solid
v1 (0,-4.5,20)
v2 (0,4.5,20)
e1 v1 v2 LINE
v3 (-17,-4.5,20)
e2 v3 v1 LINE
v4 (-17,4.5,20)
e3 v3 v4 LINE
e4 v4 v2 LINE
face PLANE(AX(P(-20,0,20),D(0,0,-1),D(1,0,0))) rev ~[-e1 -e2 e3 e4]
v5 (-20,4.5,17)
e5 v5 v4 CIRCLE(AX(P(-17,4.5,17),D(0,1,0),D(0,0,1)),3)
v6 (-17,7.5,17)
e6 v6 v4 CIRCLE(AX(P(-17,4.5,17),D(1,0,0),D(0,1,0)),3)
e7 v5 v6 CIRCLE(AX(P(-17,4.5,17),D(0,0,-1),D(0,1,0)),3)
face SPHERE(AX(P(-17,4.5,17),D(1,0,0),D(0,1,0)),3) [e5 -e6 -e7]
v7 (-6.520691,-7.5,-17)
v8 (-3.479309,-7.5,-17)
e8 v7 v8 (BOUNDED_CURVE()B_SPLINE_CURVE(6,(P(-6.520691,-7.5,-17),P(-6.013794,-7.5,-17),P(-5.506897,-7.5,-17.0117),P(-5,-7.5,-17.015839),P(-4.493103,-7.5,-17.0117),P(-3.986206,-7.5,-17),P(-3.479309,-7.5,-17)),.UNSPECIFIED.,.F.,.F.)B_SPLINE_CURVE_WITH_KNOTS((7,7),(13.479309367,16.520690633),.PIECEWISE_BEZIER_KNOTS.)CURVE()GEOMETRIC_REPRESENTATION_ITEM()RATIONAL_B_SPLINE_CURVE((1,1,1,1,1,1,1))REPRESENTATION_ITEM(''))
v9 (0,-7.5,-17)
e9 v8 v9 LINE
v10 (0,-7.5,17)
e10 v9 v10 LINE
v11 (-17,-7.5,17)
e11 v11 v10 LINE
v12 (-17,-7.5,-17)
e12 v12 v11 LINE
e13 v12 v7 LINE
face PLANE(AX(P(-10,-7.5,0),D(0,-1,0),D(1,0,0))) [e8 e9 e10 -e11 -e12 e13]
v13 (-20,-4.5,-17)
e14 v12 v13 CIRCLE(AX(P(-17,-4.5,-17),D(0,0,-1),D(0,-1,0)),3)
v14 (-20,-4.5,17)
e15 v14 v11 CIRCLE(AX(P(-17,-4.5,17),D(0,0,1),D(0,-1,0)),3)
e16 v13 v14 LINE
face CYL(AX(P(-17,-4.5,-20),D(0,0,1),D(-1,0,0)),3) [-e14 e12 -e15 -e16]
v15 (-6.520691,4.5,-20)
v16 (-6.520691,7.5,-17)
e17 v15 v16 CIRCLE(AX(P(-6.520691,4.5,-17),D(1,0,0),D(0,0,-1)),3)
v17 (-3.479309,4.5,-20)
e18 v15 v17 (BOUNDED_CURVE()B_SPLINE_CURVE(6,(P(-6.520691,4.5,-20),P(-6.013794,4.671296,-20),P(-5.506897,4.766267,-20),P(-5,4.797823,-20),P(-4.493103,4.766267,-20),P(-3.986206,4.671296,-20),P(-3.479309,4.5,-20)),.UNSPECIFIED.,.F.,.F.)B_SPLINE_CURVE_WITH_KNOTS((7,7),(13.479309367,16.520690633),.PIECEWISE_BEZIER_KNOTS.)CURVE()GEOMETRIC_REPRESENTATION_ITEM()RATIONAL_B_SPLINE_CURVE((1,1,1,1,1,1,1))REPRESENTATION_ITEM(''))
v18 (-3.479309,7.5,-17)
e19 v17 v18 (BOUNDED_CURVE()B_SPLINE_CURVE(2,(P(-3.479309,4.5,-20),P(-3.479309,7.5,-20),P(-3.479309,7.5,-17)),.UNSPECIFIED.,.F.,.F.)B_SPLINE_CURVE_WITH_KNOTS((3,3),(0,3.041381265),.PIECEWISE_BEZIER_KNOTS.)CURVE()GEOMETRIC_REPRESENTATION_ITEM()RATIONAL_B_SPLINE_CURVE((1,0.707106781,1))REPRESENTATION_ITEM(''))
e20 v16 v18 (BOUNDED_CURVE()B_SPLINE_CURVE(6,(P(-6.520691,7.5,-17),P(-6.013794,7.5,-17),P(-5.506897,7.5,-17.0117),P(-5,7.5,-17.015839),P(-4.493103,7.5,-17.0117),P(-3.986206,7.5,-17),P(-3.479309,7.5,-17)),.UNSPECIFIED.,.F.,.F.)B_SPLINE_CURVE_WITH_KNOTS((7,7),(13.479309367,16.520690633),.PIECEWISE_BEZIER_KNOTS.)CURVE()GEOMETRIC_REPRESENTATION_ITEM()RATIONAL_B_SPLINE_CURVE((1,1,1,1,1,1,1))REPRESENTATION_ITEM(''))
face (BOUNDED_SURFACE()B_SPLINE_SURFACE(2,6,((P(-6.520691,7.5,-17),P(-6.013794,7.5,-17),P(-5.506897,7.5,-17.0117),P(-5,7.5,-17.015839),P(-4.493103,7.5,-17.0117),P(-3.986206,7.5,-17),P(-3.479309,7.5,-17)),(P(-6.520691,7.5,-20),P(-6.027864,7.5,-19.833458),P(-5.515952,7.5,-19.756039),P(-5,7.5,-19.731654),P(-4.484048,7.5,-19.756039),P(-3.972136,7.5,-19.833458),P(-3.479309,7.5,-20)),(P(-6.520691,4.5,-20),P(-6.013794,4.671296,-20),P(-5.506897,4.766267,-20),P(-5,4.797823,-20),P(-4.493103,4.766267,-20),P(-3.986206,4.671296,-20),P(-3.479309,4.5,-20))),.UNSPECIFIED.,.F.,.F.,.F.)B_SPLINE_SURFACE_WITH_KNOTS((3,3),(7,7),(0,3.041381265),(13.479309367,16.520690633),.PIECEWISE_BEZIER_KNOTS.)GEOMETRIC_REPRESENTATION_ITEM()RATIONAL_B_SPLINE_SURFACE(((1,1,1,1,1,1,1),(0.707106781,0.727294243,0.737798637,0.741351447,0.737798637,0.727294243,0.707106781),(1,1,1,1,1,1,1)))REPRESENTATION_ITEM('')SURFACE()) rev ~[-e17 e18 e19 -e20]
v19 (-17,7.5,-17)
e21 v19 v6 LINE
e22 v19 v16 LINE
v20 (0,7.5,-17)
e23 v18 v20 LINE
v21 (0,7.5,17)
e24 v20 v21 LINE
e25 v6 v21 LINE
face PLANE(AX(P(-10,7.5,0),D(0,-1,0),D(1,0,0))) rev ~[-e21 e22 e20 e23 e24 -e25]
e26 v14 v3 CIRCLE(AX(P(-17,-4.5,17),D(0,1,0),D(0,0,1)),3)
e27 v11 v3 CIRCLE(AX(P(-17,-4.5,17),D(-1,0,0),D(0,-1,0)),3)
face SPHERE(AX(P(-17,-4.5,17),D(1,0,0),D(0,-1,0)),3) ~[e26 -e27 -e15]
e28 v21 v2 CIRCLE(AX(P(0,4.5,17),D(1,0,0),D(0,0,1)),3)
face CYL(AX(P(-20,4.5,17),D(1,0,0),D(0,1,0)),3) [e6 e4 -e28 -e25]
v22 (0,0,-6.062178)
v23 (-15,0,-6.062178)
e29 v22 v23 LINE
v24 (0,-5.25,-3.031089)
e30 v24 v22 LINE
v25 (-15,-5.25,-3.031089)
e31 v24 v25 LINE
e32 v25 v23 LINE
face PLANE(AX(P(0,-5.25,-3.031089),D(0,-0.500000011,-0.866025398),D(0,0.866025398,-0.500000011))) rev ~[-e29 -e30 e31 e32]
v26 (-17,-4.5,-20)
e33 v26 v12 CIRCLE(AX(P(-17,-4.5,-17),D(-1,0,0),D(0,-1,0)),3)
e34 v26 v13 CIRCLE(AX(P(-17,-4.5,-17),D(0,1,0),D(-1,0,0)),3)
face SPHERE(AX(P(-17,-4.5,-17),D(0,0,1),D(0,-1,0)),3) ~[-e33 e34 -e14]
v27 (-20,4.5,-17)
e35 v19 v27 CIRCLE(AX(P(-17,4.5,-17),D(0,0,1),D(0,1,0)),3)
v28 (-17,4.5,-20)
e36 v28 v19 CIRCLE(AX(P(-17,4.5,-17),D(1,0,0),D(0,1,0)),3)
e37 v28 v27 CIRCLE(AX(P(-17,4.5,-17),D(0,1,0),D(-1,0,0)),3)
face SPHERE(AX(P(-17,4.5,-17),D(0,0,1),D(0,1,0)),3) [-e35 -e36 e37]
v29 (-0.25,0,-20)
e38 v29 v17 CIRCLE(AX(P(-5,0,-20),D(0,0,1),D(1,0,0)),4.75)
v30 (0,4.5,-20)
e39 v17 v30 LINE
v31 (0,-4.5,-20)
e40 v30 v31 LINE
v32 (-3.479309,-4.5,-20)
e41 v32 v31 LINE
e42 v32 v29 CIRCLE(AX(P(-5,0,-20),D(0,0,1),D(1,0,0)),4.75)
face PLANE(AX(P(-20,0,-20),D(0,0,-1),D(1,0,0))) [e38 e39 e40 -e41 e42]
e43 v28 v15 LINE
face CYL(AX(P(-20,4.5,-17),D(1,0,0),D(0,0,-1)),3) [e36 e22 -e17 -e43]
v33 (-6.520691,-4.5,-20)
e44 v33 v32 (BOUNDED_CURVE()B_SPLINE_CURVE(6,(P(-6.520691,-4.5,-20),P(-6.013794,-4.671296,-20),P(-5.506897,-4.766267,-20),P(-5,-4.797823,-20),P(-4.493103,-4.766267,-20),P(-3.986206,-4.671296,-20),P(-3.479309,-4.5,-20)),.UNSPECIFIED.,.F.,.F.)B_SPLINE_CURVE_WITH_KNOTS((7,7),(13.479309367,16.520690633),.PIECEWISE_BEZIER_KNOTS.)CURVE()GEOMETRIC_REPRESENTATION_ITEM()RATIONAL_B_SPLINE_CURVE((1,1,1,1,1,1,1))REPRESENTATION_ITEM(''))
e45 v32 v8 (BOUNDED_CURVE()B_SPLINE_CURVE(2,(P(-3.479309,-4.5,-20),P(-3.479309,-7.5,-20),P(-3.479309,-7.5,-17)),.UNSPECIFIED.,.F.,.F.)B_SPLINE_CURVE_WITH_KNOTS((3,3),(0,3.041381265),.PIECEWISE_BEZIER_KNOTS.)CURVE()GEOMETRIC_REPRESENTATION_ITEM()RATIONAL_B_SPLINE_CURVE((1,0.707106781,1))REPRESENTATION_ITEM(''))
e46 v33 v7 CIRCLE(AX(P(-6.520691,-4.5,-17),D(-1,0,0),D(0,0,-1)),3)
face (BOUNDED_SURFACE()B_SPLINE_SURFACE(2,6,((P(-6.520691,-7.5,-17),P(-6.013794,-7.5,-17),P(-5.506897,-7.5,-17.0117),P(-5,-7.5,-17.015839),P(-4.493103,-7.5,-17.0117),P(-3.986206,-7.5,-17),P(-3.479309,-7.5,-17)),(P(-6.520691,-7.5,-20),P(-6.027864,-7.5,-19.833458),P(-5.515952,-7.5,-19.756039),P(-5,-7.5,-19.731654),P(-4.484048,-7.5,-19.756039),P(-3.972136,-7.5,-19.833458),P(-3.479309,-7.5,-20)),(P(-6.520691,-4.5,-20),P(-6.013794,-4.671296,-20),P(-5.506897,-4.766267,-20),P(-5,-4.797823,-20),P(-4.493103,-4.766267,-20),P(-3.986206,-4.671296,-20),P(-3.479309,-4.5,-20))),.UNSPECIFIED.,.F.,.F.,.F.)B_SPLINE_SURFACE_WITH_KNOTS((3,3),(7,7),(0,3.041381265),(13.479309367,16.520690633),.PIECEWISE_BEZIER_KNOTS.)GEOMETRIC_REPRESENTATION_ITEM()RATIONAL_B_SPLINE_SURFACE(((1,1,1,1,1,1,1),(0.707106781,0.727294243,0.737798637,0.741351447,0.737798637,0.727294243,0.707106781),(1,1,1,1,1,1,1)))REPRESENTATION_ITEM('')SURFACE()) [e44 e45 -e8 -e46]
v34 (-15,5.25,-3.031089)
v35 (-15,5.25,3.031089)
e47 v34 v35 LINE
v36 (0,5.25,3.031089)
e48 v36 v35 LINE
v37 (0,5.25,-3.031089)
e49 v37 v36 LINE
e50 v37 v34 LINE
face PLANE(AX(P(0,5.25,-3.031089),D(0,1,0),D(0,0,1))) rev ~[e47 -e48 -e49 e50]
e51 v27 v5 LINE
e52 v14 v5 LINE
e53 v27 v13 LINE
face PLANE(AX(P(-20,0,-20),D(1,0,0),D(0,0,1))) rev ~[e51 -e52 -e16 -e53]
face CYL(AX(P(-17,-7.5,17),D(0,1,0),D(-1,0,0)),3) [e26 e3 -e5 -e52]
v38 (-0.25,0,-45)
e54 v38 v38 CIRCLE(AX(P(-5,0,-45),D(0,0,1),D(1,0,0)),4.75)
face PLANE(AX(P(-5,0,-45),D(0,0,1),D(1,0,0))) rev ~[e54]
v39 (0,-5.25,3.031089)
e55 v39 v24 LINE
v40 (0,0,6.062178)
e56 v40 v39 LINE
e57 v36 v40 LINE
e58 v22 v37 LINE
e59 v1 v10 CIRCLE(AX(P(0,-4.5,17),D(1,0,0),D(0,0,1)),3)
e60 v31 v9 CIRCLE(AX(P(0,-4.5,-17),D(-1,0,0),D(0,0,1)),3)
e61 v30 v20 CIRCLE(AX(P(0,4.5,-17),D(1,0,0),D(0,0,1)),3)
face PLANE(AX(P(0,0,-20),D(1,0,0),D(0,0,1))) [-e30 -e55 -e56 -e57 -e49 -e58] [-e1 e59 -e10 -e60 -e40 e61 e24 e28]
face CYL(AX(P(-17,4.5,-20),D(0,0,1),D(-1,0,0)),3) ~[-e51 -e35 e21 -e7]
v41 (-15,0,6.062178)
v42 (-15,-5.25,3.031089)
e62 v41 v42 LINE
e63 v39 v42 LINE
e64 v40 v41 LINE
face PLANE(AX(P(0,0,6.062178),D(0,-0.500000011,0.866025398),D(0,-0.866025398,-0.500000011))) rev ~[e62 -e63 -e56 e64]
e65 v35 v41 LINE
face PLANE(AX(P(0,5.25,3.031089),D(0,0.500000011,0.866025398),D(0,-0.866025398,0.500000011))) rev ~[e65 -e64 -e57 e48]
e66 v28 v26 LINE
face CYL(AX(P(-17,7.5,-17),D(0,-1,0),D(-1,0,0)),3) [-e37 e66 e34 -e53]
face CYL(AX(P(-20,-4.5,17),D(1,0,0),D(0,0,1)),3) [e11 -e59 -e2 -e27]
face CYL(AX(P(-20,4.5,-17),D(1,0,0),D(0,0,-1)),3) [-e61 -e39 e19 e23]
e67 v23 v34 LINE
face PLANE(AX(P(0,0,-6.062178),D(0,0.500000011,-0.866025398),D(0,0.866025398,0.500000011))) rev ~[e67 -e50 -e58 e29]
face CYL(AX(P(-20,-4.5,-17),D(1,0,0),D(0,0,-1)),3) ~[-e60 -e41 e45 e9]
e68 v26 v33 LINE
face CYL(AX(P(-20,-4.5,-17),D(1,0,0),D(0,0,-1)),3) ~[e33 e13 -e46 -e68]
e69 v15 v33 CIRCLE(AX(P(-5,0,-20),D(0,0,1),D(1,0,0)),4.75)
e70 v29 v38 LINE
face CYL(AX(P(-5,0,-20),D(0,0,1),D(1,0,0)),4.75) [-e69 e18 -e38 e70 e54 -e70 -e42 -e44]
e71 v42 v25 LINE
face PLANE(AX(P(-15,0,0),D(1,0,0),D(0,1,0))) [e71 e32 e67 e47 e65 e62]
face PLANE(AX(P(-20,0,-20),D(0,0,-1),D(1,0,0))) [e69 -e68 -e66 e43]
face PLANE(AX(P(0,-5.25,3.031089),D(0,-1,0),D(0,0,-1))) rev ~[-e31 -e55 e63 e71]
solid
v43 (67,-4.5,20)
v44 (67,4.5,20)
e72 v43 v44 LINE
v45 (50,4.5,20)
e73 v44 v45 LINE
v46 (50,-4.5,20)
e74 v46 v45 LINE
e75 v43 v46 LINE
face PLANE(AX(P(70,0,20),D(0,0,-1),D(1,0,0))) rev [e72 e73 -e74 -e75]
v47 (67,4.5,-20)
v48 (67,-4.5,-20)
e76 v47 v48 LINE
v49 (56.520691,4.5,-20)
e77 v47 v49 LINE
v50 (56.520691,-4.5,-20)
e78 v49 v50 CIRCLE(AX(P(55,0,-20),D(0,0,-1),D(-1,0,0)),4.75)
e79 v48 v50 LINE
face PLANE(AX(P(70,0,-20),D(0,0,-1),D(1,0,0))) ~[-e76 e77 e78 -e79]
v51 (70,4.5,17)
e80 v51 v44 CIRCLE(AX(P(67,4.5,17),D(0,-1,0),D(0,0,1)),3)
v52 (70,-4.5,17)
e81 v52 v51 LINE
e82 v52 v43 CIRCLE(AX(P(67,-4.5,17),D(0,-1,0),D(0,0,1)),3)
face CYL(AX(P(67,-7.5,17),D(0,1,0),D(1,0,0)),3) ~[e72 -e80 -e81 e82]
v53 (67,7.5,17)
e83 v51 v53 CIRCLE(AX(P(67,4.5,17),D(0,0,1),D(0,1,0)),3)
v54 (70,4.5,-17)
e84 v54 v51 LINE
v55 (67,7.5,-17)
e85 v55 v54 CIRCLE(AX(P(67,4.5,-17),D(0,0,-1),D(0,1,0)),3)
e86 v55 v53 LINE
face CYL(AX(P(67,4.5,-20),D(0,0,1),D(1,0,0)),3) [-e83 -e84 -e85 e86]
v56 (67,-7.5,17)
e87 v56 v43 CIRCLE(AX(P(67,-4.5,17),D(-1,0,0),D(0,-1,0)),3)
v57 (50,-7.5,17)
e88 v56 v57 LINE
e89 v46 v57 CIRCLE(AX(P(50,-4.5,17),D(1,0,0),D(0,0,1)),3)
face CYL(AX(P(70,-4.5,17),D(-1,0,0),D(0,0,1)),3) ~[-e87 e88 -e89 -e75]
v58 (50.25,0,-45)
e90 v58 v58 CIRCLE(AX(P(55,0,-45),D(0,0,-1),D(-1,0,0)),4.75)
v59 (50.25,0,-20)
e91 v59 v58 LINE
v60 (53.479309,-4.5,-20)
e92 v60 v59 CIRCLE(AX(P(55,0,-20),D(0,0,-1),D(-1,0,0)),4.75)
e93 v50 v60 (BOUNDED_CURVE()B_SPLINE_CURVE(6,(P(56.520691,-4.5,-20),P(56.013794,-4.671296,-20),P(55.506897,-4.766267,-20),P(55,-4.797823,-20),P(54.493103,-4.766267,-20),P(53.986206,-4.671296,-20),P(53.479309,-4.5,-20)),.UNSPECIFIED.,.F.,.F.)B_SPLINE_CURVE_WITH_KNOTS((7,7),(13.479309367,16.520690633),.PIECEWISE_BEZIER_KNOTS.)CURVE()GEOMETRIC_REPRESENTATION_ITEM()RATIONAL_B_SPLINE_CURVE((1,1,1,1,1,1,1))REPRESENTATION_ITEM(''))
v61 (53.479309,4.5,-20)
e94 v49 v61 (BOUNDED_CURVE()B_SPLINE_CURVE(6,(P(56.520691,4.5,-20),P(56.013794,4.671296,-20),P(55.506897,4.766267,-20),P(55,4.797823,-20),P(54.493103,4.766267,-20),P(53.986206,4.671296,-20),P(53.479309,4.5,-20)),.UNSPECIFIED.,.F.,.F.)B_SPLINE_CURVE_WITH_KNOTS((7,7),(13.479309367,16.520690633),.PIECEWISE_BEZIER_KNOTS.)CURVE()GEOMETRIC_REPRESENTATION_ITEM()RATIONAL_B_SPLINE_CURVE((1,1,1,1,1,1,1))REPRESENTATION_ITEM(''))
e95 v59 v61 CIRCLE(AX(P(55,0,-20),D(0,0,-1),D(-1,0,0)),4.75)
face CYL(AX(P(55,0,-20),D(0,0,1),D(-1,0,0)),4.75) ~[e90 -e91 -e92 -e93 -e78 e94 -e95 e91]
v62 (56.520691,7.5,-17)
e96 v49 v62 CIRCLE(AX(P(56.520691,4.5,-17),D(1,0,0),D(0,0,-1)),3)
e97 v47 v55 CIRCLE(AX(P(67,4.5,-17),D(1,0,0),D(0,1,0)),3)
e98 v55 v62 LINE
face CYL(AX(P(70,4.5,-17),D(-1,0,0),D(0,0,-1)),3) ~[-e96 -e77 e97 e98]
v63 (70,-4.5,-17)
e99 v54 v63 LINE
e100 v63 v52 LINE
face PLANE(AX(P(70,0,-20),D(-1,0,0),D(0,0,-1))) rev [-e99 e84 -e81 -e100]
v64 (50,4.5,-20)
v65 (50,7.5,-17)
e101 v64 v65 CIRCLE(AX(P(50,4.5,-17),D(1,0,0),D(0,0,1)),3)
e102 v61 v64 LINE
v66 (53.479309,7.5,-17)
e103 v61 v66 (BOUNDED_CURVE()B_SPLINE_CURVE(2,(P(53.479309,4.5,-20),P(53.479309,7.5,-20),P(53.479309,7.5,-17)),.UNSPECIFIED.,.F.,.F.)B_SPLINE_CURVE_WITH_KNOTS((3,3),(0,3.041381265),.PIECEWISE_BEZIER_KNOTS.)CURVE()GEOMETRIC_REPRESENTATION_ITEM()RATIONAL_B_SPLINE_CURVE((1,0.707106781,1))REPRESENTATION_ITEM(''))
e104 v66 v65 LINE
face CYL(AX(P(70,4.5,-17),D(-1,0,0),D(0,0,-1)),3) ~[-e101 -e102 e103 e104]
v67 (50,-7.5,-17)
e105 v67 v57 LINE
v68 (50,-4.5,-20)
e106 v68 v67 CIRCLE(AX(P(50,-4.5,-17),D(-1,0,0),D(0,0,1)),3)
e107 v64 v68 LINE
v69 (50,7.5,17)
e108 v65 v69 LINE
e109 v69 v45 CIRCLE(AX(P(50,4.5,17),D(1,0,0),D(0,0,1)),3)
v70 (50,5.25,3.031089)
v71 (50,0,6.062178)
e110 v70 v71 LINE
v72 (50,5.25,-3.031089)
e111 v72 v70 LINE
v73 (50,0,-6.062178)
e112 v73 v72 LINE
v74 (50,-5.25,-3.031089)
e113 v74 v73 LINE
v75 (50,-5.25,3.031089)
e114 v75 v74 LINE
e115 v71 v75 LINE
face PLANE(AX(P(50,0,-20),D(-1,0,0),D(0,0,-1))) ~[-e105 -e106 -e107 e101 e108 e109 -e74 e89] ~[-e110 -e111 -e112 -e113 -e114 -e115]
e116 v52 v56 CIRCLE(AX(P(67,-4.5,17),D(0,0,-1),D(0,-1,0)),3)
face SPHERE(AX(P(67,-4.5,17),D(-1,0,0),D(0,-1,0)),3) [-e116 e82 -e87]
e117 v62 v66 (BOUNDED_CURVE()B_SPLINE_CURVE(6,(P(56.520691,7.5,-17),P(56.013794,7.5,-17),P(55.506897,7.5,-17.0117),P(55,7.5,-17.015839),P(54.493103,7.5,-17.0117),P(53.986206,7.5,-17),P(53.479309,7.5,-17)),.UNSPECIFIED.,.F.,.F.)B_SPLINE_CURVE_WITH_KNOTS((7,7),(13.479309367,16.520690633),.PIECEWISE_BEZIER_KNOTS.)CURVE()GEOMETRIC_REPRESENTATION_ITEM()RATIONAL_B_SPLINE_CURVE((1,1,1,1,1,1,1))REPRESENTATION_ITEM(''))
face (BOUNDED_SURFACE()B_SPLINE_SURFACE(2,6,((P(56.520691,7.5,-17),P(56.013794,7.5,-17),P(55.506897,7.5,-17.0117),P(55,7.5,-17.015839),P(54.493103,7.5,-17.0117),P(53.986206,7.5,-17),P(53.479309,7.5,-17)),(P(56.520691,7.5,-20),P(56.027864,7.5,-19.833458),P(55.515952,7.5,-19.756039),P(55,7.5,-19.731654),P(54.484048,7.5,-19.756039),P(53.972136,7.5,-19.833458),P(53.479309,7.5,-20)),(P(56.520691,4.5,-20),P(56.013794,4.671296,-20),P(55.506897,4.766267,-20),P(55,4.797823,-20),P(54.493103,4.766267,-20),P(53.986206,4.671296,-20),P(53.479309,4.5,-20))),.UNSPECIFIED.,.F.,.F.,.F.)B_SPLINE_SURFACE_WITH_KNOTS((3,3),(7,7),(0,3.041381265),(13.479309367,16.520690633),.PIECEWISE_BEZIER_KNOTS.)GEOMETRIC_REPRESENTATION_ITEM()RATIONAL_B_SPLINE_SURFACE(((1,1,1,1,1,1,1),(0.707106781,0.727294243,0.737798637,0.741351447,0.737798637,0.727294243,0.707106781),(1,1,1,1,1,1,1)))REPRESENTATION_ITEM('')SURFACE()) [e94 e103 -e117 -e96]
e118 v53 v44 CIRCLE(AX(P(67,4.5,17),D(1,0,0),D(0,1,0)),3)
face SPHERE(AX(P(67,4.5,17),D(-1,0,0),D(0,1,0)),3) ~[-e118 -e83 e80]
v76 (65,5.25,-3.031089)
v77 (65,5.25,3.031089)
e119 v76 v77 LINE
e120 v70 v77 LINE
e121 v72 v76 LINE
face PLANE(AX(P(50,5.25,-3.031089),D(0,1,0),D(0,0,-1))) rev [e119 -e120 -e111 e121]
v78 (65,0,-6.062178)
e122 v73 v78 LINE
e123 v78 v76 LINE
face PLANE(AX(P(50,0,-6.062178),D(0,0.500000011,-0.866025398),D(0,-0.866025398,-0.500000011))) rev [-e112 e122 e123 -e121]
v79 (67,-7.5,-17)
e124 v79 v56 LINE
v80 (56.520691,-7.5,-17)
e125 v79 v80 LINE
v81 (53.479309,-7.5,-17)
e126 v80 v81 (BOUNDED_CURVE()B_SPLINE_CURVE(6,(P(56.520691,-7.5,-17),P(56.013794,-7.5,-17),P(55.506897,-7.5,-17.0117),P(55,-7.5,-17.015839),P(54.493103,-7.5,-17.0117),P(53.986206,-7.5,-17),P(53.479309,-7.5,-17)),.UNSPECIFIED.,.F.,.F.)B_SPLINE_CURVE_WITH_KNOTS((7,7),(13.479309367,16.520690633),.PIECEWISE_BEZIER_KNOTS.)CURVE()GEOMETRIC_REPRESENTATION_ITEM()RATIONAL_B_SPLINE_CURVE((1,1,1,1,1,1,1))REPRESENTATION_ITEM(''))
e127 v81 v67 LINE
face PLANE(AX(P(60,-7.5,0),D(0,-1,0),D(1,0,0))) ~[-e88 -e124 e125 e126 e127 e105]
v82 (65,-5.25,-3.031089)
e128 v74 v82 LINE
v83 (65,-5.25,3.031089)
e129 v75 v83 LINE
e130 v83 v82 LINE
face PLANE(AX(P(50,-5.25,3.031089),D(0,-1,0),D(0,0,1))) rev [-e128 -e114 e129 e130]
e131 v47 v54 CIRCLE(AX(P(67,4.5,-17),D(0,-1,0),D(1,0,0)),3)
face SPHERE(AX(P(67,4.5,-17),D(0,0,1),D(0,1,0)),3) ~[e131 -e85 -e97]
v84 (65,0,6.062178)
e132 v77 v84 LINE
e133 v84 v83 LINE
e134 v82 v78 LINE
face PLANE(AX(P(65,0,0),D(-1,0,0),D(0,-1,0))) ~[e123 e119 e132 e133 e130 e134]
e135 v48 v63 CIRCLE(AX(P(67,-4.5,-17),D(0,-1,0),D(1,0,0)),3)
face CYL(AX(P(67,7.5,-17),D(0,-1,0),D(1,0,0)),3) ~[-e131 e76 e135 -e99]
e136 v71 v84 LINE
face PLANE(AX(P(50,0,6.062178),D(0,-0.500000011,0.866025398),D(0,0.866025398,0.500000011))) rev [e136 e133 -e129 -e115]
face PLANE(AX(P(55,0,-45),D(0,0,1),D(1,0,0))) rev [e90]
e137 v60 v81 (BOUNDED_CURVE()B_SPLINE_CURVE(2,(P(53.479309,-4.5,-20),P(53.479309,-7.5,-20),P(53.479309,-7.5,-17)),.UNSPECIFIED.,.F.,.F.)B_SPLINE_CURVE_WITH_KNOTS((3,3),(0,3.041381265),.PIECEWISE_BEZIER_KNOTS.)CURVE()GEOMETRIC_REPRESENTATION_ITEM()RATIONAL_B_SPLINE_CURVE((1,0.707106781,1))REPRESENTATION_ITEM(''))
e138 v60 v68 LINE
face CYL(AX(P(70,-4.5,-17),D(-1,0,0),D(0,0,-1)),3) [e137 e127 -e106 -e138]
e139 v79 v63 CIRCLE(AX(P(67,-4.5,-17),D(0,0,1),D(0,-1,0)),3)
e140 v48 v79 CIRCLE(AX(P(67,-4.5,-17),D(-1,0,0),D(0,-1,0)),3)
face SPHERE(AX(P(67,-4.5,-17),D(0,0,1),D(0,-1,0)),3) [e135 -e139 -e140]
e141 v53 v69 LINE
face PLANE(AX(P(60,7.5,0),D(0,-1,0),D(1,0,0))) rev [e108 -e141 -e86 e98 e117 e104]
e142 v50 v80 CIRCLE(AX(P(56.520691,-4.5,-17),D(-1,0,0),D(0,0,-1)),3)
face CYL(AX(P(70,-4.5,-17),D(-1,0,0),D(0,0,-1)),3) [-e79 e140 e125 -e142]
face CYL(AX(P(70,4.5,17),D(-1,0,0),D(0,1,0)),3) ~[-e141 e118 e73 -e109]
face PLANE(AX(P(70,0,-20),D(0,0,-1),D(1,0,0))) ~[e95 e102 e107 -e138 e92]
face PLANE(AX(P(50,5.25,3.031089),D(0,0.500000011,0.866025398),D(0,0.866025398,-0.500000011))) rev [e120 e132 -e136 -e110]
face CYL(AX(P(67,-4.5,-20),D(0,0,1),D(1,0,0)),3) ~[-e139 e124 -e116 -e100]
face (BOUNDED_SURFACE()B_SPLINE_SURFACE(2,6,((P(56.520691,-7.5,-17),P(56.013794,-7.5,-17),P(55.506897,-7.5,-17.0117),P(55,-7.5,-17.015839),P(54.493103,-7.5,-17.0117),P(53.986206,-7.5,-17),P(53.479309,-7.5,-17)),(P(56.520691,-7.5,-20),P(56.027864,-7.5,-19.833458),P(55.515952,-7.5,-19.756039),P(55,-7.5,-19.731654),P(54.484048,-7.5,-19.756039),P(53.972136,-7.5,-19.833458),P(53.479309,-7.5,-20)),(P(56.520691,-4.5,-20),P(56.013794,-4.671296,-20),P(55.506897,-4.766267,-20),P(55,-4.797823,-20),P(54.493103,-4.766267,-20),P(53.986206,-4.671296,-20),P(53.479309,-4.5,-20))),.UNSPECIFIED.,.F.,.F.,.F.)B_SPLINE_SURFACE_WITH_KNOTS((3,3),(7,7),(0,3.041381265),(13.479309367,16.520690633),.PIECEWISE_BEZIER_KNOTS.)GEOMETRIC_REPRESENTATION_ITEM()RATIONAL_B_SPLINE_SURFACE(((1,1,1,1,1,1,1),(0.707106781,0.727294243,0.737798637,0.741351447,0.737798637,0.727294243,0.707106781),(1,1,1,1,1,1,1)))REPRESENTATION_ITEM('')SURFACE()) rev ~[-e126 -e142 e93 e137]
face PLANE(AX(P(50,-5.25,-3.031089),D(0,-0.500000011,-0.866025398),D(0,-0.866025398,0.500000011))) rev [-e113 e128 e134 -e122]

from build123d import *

# Parameters (mm, degrees)
F0_W     = 20
F0_H     = 40
F1_DEPTH = 7.5
F3_DEPTH = 15
F5_R     = 4.75
F6_DEPTH = 25
F7_R     = 3


with BuildPart() as f1:
    # F0 (on Front) → F1 (new body, symmetric)
    with BuildSketch(Plane.XZ):
        with Locations((-10, 0)):
            Rectangle(F0_W, F0_H)
    extrude(amount=F1_DEPTH, both=True)

    # F2 (on Right) → F3 (cut)
    with BuildSketch(Plane.YZ):
        Polygon((0, -6.062178), (5.25, -3.031089), (5.25, 3.031089), (0, 6.062178), (-5.25, 3.031089), (-5.25, -3.031089), align=None)
    extrude(amount=-F3_DEPTH, mode=Mode.SUBTRACT)

    # F5 (on offset) → F6 (join)
    with BuildSketch(Plane.XY.offset(-20)):
        with Locations((-5, 0)):
            Circle(F5_R)
    extrude(amount=-F6_DEPTH)

    # F7
    f7_edges = [f1.edges().sort_by_distance(p)[0] for p in [
        (-10, -7.5, 20),
        (-10, 7.5, 20),
        (-20, -7.5, 0),
        (-20, 7.5, 0),
        (-20, 0, 20),
        (-10, 7.5, -20),
        (-10, -7.5, -20),
        (-20, 0, -20),
    ]]
    fillet(f7_edges, radius=F7_R)


with BuildPart() as f9_1:
    # F9: instance of F1
    add(f1.part.mirror(Plane.YZ.offset(25)))


solid = Compound([f1.part, f9_1.part])
